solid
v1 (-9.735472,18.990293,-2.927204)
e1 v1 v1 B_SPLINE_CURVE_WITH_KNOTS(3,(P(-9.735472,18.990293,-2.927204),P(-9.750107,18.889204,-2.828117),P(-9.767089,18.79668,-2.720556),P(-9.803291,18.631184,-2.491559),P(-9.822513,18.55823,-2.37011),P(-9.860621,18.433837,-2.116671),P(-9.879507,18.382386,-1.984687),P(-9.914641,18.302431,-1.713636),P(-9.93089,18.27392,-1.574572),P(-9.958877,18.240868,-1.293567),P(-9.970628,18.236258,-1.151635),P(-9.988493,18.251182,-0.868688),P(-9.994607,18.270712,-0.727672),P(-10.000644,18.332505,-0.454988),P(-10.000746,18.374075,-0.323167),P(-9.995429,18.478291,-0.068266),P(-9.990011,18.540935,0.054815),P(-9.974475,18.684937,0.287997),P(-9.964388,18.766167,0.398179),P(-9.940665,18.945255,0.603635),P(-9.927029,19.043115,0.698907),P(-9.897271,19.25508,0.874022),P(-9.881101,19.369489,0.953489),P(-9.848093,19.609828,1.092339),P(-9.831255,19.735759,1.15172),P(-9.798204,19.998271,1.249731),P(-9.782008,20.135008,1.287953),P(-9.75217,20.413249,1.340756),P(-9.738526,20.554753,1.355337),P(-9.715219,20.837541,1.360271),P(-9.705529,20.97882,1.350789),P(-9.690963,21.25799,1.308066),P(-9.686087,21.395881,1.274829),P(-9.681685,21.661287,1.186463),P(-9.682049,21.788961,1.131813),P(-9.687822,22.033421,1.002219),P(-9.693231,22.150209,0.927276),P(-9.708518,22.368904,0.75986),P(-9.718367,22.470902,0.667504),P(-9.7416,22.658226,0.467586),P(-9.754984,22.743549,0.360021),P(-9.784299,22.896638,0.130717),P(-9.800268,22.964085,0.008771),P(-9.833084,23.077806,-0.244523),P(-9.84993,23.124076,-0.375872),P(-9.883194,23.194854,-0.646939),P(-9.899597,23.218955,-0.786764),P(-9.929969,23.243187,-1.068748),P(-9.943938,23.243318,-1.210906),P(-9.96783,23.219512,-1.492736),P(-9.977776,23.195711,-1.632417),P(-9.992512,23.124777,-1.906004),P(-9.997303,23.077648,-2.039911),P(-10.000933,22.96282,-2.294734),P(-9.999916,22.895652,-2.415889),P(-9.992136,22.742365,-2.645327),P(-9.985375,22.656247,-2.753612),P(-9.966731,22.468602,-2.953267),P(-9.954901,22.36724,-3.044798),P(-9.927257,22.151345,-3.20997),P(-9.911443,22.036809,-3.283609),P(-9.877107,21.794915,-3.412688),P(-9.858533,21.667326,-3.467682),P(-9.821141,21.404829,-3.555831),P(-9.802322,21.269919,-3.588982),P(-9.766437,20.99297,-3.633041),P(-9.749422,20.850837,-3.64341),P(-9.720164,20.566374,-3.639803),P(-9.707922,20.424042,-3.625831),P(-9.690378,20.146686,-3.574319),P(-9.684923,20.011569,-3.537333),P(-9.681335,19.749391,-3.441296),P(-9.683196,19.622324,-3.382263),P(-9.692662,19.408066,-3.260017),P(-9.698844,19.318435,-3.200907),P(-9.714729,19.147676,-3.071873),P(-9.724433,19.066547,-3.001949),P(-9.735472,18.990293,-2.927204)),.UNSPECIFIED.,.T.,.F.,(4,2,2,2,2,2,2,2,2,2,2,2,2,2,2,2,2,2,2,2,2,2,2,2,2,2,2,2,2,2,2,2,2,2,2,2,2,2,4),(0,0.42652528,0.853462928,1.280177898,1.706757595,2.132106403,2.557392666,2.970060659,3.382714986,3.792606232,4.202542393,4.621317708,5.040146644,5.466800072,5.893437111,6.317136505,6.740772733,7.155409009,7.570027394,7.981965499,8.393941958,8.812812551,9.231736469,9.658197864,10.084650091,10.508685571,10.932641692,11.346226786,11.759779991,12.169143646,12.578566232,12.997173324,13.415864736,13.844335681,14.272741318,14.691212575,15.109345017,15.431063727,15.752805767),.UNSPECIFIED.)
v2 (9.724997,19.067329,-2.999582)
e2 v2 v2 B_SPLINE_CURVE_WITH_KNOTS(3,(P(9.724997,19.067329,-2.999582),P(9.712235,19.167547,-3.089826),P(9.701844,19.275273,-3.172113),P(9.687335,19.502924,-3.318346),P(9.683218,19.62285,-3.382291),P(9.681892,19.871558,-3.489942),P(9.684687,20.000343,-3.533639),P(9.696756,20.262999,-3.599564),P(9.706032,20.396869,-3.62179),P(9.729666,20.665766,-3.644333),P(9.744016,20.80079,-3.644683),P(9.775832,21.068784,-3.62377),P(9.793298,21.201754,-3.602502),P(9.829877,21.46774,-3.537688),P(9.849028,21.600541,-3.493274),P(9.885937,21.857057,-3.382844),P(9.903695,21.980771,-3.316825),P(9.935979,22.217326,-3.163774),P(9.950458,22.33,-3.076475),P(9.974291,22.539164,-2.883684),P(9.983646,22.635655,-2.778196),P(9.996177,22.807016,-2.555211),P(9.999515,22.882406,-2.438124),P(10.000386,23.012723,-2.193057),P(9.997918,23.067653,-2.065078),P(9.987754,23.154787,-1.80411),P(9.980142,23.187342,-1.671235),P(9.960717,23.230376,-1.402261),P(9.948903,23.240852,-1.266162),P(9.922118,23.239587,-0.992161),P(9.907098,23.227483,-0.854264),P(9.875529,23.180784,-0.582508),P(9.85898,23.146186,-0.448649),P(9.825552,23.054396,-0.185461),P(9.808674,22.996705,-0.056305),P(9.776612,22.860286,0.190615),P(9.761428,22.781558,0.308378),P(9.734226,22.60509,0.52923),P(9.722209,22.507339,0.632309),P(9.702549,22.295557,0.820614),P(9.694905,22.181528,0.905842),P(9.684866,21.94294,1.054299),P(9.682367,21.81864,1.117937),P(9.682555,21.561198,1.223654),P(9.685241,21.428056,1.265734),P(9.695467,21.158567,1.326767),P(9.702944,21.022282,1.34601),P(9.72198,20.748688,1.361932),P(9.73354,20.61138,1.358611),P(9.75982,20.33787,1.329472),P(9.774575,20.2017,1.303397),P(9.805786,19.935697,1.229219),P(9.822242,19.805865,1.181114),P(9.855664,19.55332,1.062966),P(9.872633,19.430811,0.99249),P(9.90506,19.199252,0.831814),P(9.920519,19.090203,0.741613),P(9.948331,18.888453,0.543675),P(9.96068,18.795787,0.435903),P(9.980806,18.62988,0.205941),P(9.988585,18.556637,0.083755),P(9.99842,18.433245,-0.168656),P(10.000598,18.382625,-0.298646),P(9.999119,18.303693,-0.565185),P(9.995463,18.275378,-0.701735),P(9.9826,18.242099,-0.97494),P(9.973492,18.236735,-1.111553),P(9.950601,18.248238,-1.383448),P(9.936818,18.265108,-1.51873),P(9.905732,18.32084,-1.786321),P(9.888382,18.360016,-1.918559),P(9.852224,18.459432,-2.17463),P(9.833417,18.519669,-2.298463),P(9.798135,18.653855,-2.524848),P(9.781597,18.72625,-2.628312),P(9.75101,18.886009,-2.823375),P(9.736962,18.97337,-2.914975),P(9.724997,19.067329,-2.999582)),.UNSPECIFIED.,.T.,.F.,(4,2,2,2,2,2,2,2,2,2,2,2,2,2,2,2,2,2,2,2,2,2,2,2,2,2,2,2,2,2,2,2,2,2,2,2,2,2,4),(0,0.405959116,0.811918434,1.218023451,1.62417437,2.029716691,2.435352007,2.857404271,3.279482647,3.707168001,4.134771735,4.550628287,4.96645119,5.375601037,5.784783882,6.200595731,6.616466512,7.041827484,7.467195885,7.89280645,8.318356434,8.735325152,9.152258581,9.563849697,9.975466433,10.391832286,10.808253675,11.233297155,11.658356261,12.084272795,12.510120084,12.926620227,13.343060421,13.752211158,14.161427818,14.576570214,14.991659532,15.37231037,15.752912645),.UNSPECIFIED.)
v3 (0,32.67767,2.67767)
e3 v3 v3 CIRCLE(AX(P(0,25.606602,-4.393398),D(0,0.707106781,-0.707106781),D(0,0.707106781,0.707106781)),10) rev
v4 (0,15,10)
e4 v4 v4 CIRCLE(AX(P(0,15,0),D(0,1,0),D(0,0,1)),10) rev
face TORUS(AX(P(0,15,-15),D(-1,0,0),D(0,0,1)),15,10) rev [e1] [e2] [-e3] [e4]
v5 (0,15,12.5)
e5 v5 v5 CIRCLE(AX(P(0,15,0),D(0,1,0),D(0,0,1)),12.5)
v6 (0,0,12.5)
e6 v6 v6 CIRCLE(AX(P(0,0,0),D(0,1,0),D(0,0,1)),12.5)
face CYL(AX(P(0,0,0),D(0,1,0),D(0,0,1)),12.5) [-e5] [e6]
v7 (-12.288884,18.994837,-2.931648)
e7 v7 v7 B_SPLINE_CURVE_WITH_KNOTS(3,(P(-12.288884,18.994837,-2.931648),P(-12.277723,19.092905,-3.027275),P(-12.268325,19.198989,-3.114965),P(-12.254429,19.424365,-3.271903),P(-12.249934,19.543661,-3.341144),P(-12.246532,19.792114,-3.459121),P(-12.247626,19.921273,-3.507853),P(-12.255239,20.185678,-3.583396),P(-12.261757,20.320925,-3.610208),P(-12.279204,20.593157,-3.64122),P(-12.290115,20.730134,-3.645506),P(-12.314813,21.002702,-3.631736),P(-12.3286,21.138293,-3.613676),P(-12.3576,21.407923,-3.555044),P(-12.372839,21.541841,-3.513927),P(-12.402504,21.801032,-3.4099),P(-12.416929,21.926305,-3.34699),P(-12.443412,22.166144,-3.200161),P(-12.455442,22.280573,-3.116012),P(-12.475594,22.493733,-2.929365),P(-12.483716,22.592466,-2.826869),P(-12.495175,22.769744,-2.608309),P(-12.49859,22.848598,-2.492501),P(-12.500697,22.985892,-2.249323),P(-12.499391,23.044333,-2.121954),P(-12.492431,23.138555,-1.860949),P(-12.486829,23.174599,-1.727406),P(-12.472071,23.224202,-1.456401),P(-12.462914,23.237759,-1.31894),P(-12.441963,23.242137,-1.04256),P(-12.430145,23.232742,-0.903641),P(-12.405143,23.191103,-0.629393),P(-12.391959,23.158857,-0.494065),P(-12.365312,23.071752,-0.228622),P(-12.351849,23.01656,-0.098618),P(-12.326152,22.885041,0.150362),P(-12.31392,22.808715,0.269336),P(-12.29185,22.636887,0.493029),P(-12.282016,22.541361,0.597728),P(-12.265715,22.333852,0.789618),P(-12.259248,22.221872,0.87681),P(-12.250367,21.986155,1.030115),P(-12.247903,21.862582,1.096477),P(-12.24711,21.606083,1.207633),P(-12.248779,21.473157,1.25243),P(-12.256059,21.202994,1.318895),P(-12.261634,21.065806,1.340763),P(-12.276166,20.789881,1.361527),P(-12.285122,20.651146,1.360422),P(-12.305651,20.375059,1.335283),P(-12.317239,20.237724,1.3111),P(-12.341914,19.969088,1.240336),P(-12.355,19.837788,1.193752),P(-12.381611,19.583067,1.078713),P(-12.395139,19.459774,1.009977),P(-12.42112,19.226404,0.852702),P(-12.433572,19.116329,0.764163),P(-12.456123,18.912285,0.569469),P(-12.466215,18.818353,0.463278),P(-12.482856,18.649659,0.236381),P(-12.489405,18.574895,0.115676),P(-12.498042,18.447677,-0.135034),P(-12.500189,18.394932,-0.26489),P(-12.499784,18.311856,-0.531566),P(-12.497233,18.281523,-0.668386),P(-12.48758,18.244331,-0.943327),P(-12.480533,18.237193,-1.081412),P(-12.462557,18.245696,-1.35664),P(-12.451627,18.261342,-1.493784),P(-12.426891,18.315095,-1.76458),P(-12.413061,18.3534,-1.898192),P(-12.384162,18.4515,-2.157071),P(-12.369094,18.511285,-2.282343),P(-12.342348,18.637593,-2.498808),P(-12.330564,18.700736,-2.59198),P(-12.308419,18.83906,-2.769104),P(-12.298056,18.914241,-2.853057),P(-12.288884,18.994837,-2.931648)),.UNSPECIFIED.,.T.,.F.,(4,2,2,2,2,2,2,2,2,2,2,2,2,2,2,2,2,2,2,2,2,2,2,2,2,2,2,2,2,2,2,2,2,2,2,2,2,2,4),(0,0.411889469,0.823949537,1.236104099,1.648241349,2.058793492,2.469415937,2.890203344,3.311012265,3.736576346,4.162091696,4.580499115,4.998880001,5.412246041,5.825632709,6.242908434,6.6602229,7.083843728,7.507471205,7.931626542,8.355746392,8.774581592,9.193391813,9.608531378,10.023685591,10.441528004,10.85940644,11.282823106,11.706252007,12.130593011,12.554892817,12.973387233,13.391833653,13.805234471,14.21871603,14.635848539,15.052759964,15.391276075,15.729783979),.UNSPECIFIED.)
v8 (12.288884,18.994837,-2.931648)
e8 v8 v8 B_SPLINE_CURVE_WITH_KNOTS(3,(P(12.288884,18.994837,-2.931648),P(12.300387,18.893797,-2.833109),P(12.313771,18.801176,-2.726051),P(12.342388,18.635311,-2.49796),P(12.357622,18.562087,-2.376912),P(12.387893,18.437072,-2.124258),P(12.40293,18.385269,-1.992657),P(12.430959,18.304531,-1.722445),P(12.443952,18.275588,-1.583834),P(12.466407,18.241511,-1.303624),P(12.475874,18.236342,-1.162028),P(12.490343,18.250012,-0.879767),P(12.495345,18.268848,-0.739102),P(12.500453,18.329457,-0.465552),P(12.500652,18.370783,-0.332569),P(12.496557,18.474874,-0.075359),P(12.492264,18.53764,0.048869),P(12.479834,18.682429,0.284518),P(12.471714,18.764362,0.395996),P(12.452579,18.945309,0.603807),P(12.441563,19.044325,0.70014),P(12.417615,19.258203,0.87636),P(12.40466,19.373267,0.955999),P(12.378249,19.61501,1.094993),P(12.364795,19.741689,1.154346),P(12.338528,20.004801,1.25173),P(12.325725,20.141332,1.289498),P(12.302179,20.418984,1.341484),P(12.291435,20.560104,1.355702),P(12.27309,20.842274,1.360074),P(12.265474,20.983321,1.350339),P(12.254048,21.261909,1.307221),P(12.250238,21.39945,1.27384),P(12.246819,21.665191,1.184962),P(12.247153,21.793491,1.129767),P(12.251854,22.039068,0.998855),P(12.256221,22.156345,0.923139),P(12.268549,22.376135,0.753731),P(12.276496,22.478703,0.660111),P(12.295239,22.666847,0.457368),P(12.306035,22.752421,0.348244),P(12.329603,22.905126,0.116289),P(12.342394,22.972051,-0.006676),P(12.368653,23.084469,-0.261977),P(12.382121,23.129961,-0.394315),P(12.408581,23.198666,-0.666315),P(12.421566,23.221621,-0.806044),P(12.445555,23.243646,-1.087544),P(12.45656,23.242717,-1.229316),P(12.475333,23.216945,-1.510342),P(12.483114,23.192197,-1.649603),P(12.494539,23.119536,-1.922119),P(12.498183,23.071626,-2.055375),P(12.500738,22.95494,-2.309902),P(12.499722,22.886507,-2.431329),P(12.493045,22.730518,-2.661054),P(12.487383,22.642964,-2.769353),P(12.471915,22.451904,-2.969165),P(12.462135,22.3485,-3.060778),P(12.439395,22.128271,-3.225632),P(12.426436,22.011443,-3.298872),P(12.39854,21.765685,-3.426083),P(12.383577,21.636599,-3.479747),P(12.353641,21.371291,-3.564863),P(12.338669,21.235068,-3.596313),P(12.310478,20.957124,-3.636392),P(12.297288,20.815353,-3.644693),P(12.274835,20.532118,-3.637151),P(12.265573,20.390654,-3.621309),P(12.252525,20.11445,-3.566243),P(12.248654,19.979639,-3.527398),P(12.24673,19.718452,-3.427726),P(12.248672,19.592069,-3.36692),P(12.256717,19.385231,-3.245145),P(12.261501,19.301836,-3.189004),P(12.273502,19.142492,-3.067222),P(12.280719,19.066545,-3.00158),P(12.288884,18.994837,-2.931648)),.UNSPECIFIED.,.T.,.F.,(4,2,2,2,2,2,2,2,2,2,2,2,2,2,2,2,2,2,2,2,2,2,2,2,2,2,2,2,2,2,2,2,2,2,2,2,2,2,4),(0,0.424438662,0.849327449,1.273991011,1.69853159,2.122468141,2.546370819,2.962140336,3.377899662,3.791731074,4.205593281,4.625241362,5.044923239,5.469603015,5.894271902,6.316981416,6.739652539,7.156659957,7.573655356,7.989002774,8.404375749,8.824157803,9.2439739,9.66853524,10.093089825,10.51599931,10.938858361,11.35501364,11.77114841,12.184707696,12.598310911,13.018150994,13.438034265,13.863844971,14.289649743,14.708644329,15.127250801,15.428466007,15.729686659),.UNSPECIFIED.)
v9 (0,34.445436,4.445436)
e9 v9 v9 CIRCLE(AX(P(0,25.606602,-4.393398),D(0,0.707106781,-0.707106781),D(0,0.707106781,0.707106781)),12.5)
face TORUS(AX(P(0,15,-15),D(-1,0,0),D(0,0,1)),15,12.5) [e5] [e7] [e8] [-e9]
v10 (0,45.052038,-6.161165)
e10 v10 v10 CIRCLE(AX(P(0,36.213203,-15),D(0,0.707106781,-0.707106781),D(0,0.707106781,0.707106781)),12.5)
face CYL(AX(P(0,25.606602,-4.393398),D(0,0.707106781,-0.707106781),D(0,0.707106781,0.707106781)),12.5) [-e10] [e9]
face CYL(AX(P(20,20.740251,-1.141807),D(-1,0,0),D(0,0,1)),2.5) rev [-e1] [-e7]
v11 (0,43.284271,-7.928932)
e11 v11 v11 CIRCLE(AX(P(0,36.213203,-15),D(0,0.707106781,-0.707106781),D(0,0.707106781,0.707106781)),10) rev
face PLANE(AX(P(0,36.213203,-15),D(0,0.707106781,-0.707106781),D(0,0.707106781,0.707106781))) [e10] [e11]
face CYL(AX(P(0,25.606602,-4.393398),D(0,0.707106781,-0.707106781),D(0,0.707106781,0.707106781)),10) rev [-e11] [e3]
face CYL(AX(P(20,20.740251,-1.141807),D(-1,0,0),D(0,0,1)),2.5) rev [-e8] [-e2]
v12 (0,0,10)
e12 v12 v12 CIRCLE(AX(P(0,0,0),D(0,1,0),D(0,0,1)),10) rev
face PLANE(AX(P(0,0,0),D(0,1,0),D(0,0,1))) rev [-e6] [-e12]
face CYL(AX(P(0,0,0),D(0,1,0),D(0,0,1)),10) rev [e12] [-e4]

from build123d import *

# Parameters (mm, degrees)
ESBO_O4_R                  = 12.5
ESBO_O4_R_2                = 10
CORTE_EXTRUS_O1_DEPTH      = 20
CORTE_EXTRUS_O1_DEPTH_BACK = 20
ESBO_O5_R                  = 2.5


with BuildPart() as part:
    # Varredura1: sweep along a path in Esboço3
    with BuildLine(Plane(origin=(0, 0, 0), x_dir=(0, 0, -1), z_dir=(1, 0, 0))) as varredura1_path:
        Line((0, 0), (0, 15))
        ThreePointArc((0, 15), (1.141807012, 20.740251485), (4.393398282, 25.606601718))
        Line((4.393398282, 25.606601718), (15, 36.213203436))
    # Esboço4 → Varredura1 (sweep)
    with BuildSketch(Plane(origin=(0, 0, 0), x_dir=(1, 0, 0), z_dir=(0, 1, 0))):
        Circle(ESBO_O4_R)
        Circle(ESBO_O4_R_2, mode=Mode.SUBTRACT)
    sweep(path=varredura1_path.line)

    # Esboço5 → Corte-extrusão1 (cut, two sides: drawn at the far end of the back side and taken through both)
    with BuildSketch(Plane(origin=(0, 0, 0), x_dir=(0, 0, -1), z_dir=(1, 0, 0)).offset(-CORTE_EXTRUS_O1_DEPTH_BACK)):
        with Locations((1.141807012, 20.740251485)):
            Circle(ESBO_O5_R)
    extrude(amount=CORTE_EXTRUS_O1_DEPTH + CORTE_EXTRUS_O1_DEPTH_BACK, mode=Mode.SUBTRACT)


solid = part.part
